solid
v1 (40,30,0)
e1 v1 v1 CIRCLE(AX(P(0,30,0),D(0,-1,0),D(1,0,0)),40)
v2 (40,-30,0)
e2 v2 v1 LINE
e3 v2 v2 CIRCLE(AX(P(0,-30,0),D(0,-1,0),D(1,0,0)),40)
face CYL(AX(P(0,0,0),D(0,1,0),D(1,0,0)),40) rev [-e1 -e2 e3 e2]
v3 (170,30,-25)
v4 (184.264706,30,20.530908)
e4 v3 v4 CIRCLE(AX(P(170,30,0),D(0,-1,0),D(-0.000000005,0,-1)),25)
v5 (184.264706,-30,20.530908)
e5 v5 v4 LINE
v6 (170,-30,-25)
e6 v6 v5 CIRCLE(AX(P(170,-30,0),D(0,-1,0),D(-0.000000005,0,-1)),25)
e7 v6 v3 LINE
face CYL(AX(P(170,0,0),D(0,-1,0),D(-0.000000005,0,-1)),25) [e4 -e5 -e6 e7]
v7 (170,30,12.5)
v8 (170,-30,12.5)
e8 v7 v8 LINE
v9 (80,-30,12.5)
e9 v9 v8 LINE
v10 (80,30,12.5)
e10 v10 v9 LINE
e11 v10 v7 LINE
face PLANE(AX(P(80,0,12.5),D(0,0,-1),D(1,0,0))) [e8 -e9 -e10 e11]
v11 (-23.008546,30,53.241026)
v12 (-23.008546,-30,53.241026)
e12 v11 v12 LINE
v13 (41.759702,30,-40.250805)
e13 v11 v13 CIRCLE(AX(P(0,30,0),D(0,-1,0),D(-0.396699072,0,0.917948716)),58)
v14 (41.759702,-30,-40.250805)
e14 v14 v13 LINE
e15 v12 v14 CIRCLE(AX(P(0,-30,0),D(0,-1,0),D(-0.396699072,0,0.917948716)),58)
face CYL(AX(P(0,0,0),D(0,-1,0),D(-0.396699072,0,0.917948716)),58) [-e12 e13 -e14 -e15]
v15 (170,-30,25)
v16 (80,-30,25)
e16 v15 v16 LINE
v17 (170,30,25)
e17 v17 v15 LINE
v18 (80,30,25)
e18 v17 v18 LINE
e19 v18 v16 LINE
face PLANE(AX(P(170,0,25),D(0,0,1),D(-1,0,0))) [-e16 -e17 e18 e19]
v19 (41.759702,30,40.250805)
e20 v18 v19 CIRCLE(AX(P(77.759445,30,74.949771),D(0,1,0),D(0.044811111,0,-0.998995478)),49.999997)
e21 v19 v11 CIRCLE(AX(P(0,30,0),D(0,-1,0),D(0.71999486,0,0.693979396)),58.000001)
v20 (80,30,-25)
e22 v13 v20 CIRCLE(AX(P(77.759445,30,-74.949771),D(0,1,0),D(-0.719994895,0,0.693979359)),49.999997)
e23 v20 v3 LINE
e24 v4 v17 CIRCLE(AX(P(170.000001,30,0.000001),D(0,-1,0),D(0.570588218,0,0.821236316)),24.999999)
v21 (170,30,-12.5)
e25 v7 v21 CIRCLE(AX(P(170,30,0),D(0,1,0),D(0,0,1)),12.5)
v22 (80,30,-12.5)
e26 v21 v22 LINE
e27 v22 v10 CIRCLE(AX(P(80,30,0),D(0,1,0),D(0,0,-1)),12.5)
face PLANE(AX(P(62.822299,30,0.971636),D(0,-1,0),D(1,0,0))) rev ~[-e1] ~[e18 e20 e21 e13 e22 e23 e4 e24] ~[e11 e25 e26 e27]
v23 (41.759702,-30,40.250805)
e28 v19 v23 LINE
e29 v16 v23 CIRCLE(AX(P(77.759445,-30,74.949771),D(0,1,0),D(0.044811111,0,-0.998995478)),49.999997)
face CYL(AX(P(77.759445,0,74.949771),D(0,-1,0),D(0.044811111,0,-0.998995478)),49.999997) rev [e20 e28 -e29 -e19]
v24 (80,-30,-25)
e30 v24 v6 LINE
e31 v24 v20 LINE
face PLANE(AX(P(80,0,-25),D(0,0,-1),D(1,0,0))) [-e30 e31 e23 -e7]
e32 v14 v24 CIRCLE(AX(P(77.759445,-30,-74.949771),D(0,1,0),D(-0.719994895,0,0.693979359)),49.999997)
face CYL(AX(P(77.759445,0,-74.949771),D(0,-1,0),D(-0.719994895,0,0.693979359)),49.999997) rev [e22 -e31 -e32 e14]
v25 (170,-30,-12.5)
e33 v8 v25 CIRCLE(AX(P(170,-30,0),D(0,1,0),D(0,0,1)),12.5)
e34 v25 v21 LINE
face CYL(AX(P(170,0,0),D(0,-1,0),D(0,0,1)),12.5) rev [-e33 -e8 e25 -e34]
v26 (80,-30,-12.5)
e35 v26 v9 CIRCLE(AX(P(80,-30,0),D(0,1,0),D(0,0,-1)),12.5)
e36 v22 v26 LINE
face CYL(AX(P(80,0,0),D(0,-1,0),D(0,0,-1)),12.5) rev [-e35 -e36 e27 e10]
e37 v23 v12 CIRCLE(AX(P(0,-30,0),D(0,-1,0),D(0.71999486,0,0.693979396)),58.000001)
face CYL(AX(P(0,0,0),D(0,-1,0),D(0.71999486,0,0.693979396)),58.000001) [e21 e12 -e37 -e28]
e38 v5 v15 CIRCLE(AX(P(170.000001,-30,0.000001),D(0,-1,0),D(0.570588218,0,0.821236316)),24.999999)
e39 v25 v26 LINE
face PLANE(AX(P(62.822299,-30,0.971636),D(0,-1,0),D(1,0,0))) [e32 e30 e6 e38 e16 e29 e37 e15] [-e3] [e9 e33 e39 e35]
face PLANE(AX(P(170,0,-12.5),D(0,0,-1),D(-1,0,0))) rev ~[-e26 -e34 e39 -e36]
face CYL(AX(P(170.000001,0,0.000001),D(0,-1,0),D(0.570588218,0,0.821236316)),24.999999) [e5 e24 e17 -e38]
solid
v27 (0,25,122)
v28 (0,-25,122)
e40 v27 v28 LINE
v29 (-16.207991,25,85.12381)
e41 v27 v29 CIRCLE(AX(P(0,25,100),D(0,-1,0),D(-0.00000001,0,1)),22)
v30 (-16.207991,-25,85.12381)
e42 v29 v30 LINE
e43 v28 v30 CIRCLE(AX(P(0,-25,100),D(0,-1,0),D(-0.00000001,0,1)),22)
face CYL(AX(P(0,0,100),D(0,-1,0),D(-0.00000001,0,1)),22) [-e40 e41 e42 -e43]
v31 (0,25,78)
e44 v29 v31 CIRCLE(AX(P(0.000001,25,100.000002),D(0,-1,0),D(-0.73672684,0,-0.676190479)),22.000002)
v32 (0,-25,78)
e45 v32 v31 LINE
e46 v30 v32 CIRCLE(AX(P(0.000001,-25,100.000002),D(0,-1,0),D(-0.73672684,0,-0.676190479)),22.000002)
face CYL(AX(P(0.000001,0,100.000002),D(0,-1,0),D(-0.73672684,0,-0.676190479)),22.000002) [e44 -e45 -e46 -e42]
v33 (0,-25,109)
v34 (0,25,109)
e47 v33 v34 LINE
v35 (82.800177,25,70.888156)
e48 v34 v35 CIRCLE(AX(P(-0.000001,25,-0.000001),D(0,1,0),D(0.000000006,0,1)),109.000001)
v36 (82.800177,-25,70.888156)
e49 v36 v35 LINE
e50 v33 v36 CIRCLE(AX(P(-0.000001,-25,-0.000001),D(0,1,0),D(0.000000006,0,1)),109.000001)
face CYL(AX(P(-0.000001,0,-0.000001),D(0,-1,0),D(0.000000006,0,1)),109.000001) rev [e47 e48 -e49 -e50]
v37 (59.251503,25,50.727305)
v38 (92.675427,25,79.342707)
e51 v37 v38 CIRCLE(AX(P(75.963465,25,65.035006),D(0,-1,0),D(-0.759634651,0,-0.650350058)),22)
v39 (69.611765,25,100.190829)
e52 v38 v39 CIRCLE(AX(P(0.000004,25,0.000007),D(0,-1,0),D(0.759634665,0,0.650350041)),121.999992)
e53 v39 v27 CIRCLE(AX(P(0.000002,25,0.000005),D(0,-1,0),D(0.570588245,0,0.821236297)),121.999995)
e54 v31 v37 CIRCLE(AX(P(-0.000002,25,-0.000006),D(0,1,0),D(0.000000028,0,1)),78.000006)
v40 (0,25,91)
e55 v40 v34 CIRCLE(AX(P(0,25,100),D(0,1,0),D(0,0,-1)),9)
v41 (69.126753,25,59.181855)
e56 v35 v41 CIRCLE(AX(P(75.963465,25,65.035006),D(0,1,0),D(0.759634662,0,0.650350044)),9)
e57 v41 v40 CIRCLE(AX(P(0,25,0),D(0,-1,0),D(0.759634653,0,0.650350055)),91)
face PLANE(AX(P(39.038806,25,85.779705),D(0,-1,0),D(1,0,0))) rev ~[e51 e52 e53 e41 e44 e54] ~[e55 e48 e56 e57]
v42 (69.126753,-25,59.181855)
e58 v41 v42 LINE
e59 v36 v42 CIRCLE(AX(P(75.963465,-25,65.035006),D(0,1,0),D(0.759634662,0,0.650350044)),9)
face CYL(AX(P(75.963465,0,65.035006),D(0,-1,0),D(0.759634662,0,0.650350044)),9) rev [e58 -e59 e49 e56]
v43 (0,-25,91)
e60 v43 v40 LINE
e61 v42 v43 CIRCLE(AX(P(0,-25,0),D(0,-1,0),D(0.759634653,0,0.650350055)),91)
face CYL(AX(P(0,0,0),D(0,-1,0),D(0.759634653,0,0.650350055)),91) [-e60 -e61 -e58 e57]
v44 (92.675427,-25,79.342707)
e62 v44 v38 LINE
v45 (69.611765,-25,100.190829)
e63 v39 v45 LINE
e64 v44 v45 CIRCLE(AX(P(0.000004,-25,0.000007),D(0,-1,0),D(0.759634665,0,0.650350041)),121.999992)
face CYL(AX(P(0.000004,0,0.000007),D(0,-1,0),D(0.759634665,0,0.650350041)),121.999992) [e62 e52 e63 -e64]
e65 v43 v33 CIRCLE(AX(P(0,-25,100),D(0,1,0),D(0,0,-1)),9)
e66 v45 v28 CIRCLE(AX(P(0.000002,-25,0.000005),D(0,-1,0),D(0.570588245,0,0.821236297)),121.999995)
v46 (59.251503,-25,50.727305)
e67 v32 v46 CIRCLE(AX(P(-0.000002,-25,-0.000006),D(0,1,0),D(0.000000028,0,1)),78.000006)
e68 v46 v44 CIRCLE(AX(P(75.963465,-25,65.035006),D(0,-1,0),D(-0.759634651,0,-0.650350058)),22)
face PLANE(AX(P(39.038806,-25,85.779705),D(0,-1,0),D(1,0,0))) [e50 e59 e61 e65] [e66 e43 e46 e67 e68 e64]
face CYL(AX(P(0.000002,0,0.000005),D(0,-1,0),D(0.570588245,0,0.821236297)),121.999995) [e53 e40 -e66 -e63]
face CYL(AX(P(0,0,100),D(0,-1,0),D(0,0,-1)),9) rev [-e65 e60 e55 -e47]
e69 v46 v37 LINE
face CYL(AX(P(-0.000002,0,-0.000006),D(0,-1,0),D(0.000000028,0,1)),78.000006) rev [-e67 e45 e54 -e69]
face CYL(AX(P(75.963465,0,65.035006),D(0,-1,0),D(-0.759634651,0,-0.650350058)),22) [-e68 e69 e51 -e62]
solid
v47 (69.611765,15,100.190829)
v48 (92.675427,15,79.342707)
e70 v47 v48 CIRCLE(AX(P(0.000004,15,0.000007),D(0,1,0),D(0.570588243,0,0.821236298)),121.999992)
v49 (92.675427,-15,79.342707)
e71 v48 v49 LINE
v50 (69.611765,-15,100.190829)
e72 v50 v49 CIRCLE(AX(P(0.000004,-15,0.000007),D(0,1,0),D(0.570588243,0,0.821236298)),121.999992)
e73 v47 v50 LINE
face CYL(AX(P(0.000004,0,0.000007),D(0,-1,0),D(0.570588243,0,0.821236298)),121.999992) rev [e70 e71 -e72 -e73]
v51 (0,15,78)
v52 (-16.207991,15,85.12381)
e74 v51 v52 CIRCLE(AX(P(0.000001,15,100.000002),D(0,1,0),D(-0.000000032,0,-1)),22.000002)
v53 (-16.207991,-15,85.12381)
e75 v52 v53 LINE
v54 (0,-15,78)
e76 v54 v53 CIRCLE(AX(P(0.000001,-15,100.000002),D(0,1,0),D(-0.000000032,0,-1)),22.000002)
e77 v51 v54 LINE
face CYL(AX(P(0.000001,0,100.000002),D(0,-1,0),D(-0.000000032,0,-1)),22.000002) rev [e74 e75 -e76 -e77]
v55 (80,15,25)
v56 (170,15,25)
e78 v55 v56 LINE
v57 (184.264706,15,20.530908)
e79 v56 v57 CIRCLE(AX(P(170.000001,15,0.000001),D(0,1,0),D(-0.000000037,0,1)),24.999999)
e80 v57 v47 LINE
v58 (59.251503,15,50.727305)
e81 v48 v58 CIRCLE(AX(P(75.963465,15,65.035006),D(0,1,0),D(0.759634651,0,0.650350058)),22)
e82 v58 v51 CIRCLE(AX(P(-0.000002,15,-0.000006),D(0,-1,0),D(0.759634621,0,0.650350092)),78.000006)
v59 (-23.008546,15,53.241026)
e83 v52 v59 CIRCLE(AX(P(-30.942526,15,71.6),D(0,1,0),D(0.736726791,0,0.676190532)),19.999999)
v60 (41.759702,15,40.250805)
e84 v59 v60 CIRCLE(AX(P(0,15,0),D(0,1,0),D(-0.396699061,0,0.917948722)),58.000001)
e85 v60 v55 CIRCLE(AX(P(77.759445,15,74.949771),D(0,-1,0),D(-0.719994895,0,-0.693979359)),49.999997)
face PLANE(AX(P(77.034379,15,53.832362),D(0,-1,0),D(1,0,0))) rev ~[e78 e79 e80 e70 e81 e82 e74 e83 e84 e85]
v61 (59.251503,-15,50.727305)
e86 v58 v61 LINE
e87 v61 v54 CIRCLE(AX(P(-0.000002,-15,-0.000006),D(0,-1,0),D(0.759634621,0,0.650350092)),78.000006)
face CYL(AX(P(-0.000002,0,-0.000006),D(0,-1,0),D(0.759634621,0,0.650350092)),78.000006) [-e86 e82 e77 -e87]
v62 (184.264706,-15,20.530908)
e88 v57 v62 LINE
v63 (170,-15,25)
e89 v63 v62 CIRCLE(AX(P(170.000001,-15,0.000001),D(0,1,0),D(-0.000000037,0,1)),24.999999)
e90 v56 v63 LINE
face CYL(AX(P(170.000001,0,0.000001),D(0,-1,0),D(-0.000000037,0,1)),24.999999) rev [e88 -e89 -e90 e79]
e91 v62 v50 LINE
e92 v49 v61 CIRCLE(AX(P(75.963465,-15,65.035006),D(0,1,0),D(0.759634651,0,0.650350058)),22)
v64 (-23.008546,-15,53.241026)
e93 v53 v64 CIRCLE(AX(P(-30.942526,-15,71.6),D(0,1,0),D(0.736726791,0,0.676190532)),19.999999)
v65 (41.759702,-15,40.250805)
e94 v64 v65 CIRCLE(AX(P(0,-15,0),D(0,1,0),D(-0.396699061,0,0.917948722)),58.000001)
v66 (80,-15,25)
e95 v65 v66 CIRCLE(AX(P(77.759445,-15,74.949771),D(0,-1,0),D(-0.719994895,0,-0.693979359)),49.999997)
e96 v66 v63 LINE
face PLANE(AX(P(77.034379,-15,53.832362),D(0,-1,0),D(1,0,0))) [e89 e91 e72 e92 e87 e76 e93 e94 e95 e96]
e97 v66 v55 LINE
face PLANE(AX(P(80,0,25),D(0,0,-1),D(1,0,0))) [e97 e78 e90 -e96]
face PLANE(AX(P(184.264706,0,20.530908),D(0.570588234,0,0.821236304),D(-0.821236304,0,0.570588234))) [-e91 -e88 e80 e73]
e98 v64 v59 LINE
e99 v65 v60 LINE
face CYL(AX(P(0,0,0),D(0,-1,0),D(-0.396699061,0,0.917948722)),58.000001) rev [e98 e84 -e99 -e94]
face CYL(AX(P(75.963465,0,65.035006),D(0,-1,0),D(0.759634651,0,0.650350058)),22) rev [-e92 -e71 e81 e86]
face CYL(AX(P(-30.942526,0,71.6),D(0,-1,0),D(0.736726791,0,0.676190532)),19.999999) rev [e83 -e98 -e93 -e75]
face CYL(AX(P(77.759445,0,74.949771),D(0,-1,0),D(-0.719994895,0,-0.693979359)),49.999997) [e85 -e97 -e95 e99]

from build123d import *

# Parameters (mm, degrees)
F0_R     = 40
F1_DEPTH = 30
F2_DEPTH = 25
F3_DEPTH = 15


with BuildPart() as f1:
    # F0 (on Front) → F1 (new body, symmetric)
    with BuildSketch(Plane.XZ):
        with BuildLine():
            ThreePointArc((184.264706, 20.530908), (177.474199, 23.856579), (170, 25))
            Line((170, 25), (80, 25))
            ThreePointArc((80, 25), (59.237365, 28.506986), (41.759702, 40.250805))
            ThreePointArc((41.759702, 40.250805), (11.405609, 56.867496), (-23.008546, 53.241026))
            ThreePointArc((-23.008546, 53.241026), (-47.67685, -33.029047), (41.759702, -40.250805))
            ThreePointArc((41.759702, -40.250805), (59.237365, -28.506986), (80, -25))
            Line((80, -25), (170, -25))
            ThreePointArc((170, -25), (193.856579, -7.474199), (184.264706, 20.530908))
        make_face()
        Circle(F0_R, mode=Mode.SUBTRACT)
        with BuildLine():
            Line((170, -12.5), (80, -12.5))
            ThreePointArc((80, -12.5), (67.5, 0), (80, 12.5))
            Line((80, 12.5), (170, 12.5))
            ThreePointArc((170, 12.5), (182.5, 0), (170, -12.5))
        make_face(mode=Mode.SUBTRACT)
    extrude(amount=F1_DEPTH, both=True)


with BuildPart() as f2:
    # F0 (on Front) → F2 (new body, symmetric)
    with BuildSketch(Plane.XZ):
        with BuildLine():
            ThreePointArc((92.675427, 79.342707), (81.810416, 90.504452), (69.611765, 100.190829))
            ThreePointArc((69.611765, 100.190829), (36.474093, 116.420104), (0, 122))
            ThreePointArc((0, 122), (-20.140459, 108.852226), (-16.207991, 85.12381))
            ThreePointArc((-16.207991, 85.12381), (-8.852226, 79.859541), (0, 78))
            ThreePointArc((0, 78), (32.613419, 70.854533), (59.251503, 50.727305))
            ThreePointArc((59.251503, 50.727305), (90.271166, 48.323044), (92.675427, 79.342707))
        make_face()
        with BuildLine():
            ThreePointArc((69.126753, 59.181855), (38.048989, 82.663622), (0, 91))
            ThreePointArc((0, 91), (-9, 100), (0, 109))
            ThreePointArc((0, 109), (45.575163, 99.014668), (82.800177, 70.888156))
            ThreePointArc((82.800177, 70.888156), (81.816616, 58.198294), (69.126753, 59.181855))
        make_face(mode=Mode.SUBTRACT)
    extrude(amount=F2_DEPTH, both=True)


with BuildPart() as f3:
    # F0 (on Front) → F3 (new body, symmetric)
    with BuildSketch(Plane.XZ):
        with BuildLine():
            Line((80, 25), (170, 25))
            ThreePointArc((170, 25), (177.474199, 23.856579), (184.264706, 20.530908))
            Line((184.264706, 20.530908), (69.611765, 100.190829))
            ThreePointArc((69.611765, 100.190829), (81.810416, 90.504452), (92.675427, 79.342707))
            ThreePointArc((92.675427, 79.342707), (90.271166, 48.323044), (59.251503, 50.727305))
            ThreePointArc((59.251503, 50.727305), (32.613419, 70.854533), (0, 78))
            ThreePointArc((0, 78), (-8.852226, 79.859541), (-16.207991, 85.12381))
            ThreePointArc((-16.207991, 85.12381), (-11.382532, 67.427879), (-23.008546, 53.241026))
            ThreePointArc((-23.008546, 53.241026), (11.405609, 56.867496), (41.759702, 40.250805))
            ThreePointArc((41.759702, 40.250805), (59.237365, 28.506986), (80, 25))
        make_face()
    extrude(amount=F3_DEPTH, both=True)


solid = Compound([f1.part, f2.part, f3.part])
